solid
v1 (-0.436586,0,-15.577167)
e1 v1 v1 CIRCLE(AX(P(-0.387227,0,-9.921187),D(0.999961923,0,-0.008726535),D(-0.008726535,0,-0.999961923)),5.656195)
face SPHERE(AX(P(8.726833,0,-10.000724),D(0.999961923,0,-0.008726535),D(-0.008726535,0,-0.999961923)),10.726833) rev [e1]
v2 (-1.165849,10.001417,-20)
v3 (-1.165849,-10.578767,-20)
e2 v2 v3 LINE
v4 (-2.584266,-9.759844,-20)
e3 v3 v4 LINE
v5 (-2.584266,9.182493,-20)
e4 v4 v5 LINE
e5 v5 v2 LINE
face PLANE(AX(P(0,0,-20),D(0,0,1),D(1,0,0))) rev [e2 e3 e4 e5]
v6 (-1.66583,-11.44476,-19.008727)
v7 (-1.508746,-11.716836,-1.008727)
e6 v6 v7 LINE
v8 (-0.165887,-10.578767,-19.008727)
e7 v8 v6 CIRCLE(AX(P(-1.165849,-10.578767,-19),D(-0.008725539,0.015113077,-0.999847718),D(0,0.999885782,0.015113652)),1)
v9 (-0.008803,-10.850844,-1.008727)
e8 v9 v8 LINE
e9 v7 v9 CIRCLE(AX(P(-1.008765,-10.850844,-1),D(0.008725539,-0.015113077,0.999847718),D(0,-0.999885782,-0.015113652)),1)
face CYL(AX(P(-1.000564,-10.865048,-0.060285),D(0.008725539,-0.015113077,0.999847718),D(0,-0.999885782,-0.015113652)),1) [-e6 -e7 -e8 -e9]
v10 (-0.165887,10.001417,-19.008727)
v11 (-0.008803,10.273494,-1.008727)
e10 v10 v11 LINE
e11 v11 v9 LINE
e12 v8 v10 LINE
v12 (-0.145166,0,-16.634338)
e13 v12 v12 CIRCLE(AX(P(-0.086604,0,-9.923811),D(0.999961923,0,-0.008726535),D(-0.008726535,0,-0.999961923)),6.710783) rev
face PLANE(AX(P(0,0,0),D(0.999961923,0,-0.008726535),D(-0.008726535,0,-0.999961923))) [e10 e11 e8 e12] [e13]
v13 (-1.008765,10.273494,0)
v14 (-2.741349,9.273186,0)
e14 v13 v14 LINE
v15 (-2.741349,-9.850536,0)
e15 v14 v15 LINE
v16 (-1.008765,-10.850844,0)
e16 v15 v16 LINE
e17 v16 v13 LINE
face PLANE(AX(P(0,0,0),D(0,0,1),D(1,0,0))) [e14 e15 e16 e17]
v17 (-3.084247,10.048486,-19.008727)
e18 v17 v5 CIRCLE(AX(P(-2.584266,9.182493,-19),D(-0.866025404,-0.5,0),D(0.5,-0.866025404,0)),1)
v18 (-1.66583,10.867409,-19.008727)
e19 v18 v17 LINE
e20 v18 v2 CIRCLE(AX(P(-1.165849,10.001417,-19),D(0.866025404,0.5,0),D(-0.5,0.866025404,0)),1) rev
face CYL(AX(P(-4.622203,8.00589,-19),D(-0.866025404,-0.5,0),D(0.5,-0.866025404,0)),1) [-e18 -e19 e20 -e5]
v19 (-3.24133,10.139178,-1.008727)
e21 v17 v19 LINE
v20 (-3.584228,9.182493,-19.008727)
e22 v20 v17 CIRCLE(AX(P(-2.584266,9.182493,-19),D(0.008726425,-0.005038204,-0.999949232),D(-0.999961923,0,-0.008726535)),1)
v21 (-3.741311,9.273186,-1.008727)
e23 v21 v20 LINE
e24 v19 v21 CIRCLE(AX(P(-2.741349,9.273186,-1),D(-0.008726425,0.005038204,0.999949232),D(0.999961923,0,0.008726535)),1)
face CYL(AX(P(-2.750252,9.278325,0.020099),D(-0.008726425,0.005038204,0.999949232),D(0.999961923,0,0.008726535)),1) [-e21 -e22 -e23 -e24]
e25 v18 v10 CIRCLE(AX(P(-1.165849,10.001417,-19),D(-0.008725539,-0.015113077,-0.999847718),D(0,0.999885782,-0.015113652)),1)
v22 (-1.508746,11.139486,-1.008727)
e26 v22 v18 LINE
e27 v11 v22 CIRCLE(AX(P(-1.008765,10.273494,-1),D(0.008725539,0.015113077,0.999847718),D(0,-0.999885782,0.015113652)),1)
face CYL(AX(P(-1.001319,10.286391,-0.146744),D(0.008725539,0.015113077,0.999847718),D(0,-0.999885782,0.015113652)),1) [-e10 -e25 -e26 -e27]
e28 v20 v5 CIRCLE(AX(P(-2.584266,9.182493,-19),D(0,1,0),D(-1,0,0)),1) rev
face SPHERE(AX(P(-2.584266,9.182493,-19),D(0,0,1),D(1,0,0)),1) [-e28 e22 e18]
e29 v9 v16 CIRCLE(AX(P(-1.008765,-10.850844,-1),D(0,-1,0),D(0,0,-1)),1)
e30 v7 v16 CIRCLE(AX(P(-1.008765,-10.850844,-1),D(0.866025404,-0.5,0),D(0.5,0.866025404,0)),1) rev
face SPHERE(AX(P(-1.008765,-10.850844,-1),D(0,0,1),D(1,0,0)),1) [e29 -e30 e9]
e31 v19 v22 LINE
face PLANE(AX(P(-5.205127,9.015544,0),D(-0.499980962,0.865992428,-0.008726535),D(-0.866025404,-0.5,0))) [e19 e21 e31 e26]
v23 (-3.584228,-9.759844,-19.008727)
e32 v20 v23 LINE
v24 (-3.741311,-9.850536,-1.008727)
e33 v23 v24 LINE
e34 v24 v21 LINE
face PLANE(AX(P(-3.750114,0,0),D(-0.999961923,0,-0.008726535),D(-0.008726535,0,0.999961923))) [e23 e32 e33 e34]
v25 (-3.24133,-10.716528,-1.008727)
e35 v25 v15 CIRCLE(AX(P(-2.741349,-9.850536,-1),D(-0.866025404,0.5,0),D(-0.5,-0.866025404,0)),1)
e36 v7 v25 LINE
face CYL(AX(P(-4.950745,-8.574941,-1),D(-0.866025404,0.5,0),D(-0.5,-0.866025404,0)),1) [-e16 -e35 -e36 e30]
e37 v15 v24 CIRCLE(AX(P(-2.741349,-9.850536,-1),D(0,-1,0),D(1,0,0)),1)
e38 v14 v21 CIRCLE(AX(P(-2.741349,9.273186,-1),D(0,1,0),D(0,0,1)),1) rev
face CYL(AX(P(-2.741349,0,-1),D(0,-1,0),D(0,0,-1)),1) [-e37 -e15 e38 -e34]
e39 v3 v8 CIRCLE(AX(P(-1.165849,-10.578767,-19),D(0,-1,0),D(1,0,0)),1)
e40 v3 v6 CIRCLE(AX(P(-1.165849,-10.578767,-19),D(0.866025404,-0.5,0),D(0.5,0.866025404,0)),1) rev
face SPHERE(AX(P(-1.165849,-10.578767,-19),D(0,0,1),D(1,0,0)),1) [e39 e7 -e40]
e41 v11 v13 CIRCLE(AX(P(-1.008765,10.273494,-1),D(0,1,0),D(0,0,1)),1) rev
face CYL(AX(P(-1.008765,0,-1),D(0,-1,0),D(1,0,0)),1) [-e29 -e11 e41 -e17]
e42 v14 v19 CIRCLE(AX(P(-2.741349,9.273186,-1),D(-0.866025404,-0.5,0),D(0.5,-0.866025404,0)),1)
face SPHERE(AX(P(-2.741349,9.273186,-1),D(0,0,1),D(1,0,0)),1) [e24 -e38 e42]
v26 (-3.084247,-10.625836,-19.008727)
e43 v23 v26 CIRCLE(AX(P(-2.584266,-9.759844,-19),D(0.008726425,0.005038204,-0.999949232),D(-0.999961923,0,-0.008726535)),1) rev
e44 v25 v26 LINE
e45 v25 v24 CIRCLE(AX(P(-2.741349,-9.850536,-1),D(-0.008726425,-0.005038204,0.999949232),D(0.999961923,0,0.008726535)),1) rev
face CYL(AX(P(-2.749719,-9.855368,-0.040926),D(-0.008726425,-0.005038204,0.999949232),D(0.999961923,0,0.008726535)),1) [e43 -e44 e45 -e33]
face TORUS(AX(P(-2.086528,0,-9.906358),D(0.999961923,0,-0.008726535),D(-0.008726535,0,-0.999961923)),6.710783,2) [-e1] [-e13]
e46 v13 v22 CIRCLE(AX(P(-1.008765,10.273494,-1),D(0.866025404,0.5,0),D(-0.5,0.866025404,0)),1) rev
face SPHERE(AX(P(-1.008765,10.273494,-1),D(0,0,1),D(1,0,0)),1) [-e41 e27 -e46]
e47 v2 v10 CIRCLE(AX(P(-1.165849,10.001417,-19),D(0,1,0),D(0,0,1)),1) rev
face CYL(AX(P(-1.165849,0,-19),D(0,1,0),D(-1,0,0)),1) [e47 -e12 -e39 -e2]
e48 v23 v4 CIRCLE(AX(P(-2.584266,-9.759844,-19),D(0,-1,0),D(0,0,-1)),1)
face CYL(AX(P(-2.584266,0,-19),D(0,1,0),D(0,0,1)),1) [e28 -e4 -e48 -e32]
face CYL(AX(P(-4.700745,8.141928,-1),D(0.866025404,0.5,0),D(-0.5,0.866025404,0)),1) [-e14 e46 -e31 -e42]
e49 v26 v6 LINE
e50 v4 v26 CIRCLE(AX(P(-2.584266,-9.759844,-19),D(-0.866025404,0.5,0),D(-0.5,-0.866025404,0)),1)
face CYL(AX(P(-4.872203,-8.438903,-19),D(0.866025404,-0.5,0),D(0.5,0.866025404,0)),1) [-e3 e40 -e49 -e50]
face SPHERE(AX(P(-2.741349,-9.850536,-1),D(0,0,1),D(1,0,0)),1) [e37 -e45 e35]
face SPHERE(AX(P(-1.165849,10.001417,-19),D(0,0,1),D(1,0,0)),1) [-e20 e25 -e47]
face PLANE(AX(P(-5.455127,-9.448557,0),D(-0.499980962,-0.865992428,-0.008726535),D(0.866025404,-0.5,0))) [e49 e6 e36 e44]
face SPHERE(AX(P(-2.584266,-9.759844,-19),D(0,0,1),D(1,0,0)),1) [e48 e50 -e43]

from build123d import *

# Parameters (mm, degrees)
BOSS_EXTRUDE1_DEPTH = 20
BOSS_EXTRUDE1_DRAFT = -0.5
FILLET1_R           = 1
FILLET2_R           = 2


with BuildPart() as part:
    # Sketch1 → Boss-Extrude1 (with draft: the straight prism first)
    with BuildSketch(Plane.XY):
        Polygon((0, 12.020725942), (-3.750114229, 9.855596483), (-3.750114229, -10.432946752), (0, -12.598076211), align=None)
    extrude(amount=-BOSS_EXTRUDE1_DEPTH)
    # Boss-Extrude1: the draft: its side faces are tilted about the plane it starts from
    boss_extrude1_sides = [part.faces().sort_by_distance(p)[0] for p in [
        (-1.875057114, 10.938161212, -10),
        (-3.750114229, -0.288675135, -10),
        (-1.875057114, -11.515511482, -10),
        (0, -0.288675135, -10),
    ]]
    draft(boss_extrude1_sides, Plane.XY, BOSS_EXTRUDE1_DRAFT)

    # Fillet1
    fillet1_edges = [part.edges().sort_by_distance(p)[0] for p in [
        (-1.875057114, 10.736622834, -20),
        (-3.575576873, -0.288675135, -20),
        (-1.875057114, -11.313973103, -20),
        (-3.750114229, -0.288675135, 0),
        (-1.875057114, 10.938161212, 0),
        (0, -0.288675135, 0),
        (-1.875057114, -11.515511482, 0),
        (-3.662845551, -10.382562157, -10),
        (-3.662845551, 9.805211888, -10),
        (-0.087268678, 11.869572158, -10),
        (-0.087268678, -12.446922427, -10),
        (-0.174537356, -0.288675135, -20),
    ]]
    fillet(fillet1_edges, radius=FILLET1_R)

    # Sketch2 → Cut-Revolve1 (revolve, cut)
    with BuildSketch(Plane(origin=(0, 0, 0), x_dir=(1, 0, 0), z_dir=(0, 1, 0))):
        with BuildLine():
            Line((8.726833455, 10.000724303), (8.726833455, -0.726109151))
            ThreePointArc((8.726833455, -0.726109151), (16.311850131, 2.415707627), (19.453666909, 10.000724303))
            ThreePointArc((19.453666909, 10.000724303), (16.311850131, 17.58574098), (8.726833455, 20.727557758))
            Line((8.726833455, 20.727557758), (8.726833455, 10.000724303))
        make_face()
    revolve(axis=Axis((8.726833455, 0, -20.727557758), (0, 0, 1)), mode=Mode.SUBTRACT)

    # Fillet2
    fillet2_edges = [part.edges().sort_by_distance(p)[0] for p in [
        (-0.139958798, 0, -16.037689693),
    ]]
    fillet(fillet2_edges, radius=FILLET2_R)


solid = part.part
